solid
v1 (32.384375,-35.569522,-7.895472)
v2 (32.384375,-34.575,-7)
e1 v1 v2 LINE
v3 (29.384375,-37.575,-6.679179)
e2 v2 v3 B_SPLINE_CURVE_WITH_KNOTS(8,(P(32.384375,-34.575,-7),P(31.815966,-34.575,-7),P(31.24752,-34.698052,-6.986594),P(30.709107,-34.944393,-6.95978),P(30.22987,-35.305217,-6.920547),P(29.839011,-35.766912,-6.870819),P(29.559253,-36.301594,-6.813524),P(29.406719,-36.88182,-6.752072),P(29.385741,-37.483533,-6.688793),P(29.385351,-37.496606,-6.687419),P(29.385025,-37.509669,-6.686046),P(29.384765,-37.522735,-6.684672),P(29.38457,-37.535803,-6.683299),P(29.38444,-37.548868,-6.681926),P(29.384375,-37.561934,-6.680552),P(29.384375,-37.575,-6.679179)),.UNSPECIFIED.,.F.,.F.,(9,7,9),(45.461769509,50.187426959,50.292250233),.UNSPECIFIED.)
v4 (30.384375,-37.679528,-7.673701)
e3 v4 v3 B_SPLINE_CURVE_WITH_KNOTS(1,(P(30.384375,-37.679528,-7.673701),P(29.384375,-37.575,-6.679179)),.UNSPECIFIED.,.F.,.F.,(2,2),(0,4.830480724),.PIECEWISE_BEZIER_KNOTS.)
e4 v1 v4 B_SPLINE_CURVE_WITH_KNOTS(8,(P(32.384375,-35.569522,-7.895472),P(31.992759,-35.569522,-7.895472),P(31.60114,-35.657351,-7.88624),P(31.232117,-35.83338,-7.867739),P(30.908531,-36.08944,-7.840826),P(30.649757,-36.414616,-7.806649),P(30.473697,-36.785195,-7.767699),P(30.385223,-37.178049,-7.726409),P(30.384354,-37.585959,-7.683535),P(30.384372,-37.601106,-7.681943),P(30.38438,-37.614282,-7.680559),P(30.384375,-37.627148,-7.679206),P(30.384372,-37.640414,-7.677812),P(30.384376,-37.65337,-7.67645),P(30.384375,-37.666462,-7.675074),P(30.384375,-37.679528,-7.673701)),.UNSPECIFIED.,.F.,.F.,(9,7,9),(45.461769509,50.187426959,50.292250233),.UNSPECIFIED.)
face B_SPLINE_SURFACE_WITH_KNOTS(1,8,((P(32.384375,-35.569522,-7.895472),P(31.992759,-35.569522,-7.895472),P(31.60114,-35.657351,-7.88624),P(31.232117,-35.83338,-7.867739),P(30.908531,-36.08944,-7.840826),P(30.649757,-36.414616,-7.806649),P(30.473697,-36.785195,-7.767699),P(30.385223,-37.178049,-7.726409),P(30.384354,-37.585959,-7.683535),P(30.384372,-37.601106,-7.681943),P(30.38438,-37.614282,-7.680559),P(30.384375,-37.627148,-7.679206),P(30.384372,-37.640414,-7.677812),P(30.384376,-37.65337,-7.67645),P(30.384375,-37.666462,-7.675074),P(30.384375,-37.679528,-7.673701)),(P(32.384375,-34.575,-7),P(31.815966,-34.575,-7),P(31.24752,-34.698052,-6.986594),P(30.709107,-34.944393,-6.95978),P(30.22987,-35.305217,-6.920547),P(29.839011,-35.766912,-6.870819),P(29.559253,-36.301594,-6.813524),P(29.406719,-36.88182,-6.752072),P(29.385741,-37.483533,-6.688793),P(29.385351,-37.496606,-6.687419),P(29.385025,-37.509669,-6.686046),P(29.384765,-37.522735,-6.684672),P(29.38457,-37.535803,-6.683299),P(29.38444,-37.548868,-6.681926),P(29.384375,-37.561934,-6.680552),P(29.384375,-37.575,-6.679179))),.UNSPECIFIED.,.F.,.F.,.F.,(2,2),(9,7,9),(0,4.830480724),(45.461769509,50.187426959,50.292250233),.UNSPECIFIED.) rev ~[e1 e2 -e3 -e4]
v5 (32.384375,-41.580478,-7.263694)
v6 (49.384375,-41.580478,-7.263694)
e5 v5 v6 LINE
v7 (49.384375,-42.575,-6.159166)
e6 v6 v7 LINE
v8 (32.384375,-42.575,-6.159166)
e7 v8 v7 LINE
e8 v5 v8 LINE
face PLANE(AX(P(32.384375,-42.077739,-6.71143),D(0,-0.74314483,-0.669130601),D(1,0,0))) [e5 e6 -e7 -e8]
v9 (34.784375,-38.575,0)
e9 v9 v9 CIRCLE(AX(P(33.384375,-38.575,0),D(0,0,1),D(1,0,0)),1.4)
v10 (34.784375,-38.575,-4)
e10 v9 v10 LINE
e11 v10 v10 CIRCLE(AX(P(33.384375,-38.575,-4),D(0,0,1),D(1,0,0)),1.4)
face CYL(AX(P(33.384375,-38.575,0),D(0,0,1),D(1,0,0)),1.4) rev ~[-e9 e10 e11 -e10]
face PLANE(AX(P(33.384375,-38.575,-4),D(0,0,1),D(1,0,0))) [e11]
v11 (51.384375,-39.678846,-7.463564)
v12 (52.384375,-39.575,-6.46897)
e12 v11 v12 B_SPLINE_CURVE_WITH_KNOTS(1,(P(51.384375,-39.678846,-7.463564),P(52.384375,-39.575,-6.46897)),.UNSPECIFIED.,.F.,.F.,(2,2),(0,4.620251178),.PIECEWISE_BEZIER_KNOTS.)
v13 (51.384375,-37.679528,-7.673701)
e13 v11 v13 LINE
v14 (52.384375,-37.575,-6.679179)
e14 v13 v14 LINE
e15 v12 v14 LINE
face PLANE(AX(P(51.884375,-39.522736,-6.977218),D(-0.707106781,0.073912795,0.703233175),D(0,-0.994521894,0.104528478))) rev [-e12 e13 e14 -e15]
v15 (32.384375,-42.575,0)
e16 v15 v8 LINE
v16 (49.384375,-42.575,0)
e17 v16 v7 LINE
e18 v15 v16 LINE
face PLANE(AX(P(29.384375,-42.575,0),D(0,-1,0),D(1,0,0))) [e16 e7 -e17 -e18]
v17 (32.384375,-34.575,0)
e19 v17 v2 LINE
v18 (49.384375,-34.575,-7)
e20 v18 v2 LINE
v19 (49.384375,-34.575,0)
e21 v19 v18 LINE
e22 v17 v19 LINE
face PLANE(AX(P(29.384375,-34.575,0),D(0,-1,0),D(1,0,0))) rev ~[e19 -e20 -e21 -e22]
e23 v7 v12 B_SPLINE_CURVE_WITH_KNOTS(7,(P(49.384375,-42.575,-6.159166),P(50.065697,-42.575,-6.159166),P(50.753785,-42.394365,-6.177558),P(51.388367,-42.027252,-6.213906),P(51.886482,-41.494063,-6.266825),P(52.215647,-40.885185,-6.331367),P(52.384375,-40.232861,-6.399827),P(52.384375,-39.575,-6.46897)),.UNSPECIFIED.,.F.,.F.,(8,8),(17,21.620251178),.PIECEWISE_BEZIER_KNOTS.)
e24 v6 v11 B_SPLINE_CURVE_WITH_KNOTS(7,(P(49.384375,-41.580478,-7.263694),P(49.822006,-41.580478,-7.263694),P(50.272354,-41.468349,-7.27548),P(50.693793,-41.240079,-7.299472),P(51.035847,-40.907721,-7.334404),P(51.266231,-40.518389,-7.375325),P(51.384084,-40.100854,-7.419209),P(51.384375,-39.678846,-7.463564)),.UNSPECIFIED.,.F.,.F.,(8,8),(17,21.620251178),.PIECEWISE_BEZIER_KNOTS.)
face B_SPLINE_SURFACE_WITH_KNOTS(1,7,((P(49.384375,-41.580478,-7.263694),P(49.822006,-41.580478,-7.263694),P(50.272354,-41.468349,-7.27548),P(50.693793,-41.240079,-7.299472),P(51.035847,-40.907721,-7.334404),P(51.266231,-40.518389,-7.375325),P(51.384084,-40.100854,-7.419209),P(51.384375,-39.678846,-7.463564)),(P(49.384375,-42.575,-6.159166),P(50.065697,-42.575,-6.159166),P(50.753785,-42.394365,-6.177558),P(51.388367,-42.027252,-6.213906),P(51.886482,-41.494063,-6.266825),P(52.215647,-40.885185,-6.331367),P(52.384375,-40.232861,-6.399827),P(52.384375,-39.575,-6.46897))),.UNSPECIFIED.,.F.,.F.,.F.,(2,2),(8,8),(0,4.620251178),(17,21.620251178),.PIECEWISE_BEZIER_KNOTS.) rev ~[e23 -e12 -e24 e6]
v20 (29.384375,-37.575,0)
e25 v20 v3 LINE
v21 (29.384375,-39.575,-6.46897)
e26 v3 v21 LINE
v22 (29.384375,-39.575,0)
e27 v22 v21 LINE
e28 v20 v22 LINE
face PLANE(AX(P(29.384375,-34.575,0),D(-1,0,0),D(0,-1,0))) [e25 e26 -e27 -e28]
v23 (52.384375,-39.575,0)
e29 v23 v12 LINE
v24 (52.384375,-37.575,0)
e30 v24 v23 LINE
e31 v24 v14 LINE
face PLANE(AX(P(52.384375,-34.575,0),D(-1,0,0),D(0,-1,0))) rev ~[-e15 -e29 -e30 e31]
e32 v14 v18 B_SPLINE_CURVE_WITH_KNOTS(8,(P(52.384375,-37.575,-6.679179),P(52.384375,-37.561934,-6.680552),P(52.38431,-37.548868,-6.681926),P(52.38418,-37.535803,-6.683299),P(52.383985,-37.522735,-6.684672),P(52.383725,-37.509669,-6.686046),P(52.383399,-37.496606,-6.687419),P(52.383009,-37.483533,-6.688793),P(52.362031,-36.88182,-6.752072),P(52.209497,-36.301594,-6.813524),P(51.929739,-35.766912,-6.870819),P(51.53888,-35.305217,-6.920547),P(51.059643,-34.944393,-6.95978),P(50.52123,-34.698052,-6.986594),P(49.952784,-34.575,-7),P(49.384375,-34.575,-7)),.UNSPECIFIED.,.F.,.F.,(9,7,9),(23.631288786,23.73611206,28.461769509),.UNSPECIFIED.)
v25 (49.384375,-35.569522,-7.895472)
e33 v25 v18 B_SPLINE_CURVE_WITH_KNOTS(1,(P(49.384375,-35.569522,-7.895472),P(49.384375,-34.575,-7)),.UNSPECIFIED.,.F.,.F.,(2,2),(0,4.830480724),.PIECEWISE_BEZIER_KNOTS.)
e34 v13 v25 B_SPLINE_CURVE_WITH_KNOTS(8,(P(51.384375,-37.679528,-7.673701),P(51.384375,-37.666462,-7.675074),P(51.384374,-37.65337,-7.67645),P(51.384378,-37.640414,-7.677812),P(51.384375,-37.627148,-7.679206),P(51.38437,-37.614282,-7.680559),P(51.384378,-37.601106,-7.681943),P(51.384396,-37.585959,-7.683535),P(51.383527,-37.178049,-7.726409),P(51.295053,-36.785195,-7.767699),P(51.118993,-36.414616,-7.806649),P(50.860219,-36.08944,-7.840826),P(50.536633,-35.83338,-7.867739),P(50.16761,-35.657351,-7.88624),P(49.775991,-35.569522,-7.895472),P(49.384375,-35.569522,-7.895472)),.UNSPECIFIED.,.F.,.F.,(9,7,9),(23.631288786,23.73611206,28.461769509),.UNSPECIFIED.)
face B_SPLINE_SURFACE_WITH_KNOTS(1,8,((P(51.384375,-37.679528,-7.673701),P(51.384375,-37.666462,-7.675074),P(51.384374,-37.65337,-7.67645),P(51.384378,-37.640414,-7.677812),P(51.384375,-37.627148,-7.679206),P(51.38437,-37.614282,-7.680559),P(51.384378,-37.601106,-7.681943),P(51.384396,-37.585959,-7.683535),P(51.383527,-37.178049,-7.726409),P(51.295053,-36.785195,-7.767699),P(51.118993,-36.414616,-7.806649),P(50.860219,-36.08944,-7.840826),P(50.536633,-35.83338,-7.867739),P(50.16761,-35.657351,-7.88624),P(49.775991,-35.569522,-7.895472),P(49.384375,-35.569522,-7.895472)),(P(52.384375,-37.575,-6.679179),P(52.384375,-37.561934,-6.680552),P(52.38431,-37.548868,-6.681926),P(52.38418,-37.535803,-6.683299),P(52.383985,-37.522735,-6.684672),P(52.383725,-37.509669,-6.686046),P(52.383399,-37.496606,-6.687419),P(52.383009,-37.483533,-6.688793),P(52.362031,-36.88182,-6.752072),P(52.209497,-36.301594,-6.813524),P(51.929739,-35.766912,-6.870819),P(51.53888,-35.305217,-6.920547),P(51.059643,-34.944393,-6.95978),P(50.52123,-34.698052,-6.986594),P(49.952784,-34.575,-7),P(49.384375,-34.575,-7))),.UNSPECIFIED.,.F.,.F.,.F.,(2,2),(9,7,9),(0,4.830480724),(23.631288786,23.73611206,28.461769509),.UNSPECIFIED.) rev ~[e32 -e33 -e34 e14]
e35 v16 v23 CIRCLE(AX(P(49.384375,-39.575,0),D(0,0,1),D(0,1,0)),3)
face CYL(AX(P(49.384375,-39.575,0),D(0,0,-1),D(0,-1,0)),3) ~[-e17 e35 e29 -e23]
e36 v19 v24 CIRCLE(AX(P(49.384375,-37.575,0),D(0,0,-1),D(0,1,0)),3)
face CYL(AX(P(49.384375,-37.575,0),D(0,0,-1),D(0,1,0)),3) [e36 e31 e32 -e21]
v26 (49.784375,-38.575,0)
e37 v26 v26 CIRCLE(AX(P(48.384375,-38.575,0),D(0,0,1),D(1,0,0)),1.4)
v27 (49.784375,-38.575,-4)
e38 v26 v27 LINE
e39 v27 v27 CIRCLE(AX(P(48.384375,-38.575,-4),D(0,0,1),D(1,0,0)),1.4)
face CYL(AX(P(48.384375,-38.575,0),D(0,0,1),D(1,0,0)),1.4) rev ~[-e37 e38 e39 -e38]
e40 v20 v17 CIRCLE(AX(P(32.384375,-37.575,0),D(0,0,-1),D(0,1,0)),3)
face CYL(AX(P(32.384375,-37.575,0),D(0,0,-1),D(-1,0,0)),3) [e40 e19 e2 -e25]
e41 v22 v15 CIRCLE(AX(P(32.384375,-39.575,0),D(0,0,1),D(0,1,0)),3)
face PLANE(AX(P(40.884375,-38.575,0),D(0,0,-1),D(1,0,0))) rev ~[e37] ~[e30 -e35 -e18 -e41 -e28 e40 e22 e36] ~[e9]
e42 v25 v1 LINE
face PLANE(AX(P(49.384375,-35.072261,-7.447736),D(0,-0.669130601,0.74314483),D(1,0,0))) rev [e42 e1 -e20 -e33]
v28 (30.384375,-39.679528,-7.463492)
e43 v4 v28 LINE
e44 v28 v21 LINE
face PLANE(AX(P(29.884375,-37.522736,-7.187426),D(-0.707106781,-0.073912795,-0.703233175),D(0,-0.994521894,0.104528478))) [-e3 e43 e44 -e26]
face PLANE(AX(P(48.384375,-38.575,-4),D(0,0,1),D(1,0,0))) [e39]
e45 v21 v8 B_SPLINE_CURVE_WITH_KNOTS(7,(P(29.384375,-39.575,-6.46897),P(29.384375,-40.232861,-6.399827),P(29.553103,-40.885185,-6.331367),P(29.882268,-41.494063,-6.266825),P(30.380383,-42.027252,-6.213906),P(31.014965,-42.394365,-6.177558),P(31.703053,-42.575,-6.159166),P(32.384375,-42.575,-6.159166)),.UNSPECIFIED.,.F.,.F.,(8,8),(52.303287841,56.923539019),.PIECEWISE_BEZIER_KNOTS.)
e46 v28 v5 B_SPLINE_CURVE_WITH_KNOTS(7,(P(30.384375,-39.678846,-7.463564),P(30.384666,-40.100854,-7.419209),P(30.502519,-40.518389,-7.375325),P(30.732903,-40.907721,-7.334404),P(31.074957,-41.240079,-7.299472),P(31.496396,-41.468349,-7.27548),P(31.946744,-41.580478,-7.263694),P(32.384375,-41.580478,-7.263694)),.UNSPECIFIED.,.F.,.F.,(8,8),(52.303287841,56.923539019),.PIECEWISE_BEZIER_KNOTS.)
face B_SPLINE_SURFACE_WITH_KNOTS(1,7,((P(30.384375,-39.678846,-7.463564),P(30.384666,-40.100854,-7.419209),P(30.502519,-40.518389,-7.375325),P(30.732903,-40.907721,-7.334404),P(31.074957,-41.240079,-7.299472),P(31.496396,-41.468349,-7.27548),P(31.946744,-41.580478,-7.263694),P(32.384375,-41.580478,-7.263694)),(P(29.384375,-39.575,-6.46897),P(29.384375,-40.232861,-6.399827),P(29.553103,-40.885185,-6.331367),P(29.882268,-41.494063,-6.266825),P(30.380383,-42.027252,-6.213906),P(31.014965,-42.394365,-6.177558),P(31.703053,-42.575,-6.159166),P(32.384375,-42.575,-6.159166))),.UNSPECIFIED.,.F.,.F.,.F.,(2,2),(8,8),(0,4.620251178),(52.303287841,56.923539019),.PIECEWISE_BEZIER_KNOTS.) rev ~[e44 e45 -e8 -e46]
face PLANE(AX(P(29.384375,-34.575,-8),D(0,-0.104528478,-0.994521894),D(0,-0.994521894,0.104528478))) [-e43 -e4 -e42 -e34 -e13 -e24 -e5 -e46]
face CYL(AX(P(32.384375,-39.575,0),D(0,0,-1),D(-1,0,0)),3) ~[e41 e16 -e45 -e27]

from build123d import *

# Parameters (mm, degrees)
SKETCH014_W     = 23
SKETCH014_H     = 8
PAD005_DEPTH    = 8
SKETCH015_R     = 1.4
POCKET011_DEPTH = 4
POCKET012_DEPTH = 23.001
FILLET002_R     = 3
CHAMFER_SIZE    = 1


with BuildPart() as part:
    # Sketch014 (on ShapeBinder) → Pad005 (new body)
    with BuildSketch(Plane(origin=(0, 0, 0), x_dir=(1, 0, 0), z_dir=(0, 0, -1))):
        with Locations((40.884375, 38.575)):
            Rectangle(SKETCH014_W, SKETCH014_H)
    extrude(amount=PAD005_DEPTH)

    # Sketch015 (on Face5 of Pad005) → Pocket011 (cut)
    with BuildSketch(Plane.XY):
        with Locations((33.384375, -38.575)):
            Circle(SKETCH015_R)
        with Locations((48.384375, -38.575)):
            Circle(SKETCH015_R)
    extrude(amount=-POCKET011_DEPTH, mode=Mode.SUBTRACT)

    # Sketch016 (on Face2 of Pocket011) → Pocket012 (cut, through all)
    with BuildSketch(Plane(origin=(29.384375, 0, 0), x_dir=(0, -1, 0), z_dir=(-1, 0, 0))):
        Polygon((34.575, -8), (42.575, -7.159166), (42.575, -8), align=None)
    extrude(amount=-POCKET012_DEPTH, mode=Mode.SUBTRACT)

    # Fillet002
    fillet002_edges = [part.edges().sort_by_distance(p)[0] for p in [
        (29.384375, -34.575, -4),
        (52.384375, -34.575, -4),
        (52.384375, -42.575, -3.579583),
        (29.384375, -42.575, -3.579583),
    ]]
    fillet(fillet002_edges, radius=FILLET002_R)

    # Chamfer
    chamfer_edges = [part.edges().sort_by_distance(p)[0] for p in [
        (40.884375, -42.575, -7.159166),
    ]]
    chamfer(chamfer_edges, length=CHAMFER_SIZE)


solid = part.part
